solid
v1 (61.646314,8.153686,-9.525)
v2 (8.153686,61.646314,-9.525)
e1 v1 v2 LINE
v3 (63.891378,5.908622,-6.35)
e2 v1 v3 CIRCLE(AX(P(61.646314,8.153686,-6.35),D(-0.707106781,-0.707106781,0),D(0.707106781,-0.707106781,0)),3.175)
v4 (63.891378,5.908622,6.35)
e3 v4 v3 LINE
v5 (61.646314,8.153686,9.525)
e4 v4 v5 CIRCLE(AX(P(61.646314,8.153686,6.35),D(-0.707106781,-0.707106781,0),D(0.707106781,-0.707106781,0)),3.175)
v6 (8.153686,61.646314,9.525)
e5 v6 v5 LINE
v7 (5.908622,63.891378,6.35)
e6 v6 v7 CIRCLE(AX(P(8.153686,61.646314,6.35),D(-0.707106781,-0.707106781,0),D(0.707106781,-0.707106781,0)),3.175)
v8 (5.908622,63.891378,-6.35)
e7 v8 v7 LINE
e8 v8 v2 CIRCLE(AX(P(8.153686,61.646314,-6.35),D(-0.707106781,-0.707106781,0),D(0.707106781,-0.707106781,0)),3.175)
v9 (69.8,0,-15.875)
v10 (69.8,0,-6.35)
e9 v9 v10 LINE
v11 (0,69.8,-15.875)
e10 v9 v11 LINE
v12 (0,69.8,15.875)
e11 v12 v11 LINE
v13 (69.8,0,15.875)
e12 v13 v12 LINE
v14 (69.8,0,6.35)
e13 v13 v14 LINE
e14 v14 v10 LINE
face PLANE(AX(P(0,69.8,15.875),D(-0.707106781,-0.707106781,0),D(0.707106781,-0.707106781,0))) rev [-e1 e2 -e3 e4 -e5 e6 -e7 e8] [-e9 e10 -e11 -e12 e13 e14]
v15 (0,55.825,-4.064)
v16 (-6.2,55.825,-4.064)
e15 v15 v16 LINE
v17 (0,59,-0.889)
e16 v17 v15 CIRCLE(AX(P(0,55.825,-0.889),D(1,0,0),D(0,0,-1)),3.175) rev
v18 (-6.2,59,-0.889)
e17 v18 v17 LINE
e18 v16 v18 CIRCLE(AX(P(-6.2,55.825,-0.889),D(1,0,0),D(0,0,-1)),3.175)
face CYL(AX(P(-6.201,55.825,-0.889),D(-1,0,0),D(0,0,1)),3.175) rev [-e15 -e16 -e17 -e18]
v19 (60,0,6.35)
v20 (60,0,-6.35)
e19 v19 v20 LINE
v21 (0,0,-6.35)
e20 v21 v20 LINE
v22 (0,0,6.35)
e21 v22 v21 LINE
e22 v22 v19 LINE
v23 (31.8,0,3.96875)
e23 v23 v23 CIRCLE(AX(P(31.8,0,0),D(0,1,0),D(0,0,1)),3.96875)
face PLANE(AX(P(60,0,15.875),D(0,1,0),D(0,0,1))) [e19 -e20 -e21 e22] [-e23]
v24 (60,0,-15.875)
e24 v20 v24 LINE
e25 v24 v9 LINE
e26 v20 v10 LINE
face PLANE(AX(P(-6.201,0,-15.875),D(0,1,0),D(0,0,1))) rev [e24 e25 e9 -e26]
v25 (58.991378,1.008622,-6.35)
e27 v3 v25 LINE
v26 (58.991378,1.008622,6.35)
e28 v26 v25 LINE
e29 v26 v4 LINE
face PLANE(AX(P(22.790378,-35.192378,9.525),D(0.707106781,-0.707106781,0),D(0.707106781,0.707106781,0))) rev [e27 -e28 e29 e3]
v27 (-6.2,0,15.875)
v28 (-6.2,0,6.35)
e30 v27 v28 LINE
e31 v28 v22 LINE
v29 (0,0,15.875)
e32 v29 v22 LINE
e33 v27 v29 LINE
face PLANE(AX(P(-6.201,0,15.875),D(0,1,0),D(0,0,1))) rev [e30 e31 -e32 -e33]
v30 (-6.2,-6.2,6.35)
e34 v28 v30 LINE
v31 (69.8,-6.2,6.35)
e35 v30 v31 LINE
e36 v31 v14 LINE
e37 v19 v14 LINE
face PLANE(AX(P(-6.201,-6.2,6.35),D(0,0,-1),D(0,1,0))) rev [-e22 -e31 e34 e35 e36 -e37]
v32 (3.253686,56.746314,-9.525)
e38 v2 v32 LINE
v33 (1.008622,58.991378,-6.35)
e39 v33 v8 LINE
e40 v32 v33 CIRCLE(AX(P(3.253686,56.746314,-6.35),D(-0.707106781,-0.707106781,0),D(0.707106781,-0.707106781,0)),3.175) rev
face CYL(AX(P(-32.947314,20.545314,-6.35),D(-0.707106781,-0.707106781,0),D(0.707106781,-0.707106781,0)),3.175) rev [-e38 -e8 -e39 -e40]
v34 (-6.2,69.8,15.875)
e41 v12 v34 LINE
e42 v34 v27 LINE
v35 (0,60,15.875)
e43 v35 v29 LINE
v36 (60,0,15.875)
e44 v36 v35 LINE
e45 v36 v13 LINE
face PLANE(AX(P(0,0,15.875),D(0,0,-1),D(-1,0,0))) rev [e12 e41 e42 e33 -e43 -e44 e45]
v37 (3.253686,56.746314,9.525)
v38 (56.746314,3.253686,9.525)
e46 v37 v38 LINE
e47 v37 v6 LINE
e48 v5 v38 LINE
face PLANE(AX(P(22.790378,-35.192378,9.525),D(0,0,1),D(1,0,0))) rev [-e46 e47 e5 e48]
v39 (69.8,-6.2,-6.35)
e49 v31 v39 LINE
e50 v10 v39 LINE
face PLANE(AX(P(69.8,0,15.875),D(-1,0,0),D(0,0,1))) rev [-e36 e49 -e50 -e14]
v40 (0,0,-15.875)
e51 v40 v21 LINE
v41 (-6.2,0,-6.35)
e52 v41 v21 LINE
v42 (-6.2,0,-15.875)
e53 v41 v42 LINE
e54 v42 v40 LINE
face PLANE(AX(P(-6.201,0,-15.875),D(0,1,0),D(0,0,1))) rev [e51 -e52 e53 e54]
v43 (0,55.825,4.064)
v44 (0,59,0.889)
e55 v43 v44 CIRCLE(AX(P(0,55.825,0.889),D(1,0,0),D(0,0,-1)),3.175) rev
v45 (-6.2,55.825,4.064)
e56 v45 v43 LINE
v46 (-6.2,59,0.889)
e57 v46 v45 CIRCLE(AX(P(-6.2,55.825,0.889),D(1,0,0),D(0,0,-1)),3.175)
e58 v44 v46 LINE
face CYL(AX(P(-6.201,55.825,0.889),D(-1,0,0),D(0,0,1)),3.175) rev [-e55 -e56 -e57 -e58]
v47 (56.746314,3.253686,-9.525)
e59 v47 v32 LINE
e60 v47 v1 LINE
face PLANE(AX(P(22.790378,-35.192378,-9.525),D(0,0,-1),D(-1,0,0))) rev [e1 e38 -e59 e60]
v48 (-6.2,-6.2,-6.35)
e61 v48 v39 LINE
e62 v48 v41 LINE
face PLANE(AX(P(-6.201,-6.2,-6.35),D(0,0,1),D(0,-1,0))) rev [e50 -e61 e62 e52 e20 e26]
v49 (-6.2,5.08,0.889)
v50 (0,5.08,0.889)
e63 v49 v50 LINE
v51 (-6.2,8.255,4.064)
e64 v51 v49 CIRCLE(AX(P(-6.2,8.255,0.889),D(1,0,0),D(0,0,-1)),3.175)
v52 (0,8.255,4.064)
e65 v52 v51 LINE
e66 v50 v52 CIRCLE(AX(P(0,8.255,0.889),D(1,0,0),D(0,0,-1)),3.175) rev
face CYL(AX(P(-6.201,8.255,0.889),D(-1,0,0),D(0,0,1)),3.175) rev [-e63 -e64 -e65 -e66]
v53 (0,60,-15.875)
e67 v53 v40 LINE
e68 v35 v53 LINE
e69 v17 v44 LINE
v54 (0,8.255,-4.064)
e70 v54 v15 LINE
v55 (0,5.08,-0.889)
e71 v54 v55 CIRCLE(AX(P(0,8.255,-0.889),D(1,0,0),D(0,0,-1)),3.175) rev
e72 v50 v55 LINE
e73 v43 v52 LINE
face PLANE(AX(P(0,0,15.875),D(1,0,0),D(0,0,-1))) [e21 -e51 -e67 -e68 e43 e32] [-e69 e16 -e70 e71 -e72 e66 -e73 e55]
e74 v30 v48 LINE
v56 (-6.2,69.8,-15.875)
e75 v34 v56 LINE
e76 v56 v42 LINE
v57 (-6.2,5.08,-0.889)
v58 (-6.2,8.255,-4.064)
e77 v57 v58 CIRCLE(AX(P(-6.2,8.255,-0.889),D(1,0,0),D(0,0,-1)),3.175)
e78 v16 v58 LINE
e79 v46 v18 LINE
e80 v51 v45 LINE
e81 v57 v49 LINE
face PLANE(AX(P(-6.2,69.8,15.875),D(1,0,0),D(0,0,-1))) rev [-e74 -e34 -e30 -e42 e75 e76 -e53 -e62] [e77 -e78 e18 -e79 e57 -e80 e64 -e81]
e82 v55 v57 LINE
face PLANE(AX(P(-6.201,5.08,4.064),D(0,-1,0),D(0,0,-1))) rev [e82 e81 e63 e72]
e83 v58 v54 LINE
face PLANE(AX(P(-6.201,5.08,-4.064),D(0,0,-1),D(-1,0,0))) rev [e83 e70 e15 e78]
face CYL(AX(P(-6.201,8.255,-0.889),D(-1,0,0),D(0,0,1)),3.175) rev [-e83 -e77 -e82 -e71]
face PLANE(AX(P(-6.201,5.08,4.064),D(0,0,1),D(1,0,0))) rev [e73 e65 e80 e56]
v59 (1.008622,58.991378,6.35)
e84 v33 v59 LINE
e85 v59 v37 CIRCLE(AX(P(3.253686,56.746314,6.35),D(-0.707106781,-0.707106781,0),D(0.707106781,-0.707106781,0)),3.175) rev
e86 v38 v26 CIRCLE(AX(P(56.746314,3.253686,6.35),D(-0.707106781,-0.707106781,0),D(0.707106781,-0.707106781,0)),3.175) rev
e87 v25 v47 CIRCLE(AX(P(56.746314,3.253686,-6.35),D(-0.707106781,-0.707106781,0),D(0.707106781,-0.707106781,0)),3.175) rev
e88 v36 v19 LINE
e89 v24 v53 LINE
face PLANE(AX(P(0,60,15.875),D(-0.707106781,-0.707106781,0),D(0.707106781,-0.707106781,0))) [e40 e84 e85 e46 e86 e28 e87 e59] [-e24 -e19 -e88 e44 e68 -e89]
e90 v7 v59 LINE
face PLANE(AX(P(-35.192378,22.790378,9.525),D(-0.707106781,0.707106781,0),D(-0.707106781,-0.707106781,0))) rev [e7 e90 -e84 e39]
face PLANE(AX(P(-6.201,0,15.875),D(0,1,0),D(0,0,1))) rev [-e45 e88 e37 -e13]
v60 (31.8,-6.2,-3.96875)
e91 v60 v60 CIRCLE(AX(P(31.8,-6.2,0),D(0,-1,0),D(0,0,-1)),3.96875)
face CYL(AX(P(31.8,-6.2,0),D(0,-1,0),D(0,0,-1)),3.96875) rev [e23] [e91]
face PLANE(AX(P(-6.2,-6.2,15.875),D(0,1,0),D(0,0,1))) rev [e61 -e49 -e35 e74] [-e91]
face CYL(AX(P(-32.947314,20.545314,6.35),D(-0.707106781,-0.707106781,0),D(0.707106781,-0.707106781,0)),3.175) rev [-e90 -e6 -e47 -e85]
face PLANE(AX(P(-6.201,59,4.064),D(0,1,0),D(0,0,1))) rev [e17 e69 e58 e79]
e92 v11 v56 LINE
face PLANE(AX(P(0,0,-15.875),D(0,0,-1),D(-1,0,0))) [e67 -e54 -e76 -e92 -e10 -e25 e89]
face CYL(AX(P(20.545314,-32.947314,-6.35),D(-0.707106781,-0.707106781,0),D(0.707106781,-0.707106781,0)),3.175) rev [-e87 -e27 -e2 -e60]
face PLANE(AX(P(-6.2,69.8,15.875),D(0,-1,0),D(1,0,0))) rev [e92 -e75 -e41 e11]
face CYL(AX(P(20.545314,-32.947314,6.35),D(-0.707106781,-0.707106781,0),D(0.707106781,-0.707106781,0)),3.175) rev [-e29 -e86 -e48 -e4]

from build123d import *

# Parameters (mm, degrees)
BOSS_EXTRUDE1_DEPTH            = 15.875
CUT_EXTRUDE1_REACH             = 62.253
SKETCH2_W                      = 19.05
SKETCH2_H                      = 82
CUT_EXTRUDE2_REACH             = 101.98
SKETCH3_W                      = 8.128
SKETCH3_H                      = 53.92
CUT_EXTRUDE3_REACH             = 106.403
SKETCH4_W                      = 9.525
SKETCH4_H                      = 6.2
F_5_16_0_3125_DIAMETER_HOLE1_D = 7.9375
FILLET1_R                      = 3.175
FILLET2_R                      = 3.175


with BuildPart() as part:
    # Sketch1 → Boss-Extrude1 (new, symmetric)
    with BuildSketch(Plane.XY):
        Polygon((-6.2, 69.8), (-6.2, -6.2), (69.8, -6.2), (69.8, 0), (0, 69.8), align=None)
        Polygon((0, 60), (60, 0), (0, 0), align=None, mode=Mode.SUBTRACT)
    extrude(amount=BOSS_EXTRUDE1_DEPTH, both=True)

    # Sketch2 → Cut-Extrude1 (cut, up to next)
    with BuildSketch(Plane(origin=(34.9, 34.9, 0), x_dir=(0, 0, -1), z_dir=(0.7071067811865475, 0.7071067811865476, 0)), mode=Mode.PRIVATE) as cut_extrude1_sk1:
        Rectangle(SKETCH2_W, SKETCH2_H)
    cut_extrude1_tool1 = extrude(cut_extrude1_sk1.sketch, amount=-CUT_EXTRUDE1_REACH, mode=Mode.PRIVATE) & part.part
    add(cut_extrude1_tool1.solids().sort_by_distance((34.9, 34.9, 0))[0], mode=Mode.SUBTRACT)

    # Sketch3 → Cut-Extrude2 (cut, up to next)
    with BuildSketch(Plane(origin=(0, 0, 0), x_dir=(0, 0, -1), z_dir=(1, 0, 0)), mode=Mode.PRIVATE) as cut_extrude2_sk1:
        with Locations((0, 32.04)):
            Rectangle(SKETCH3_W, SKETCH3_H)
    cut_extrude2_tool1 = extrude(cut_extrude2_sk1.sketch, amount=-CUT_EXTRUDE2_REACH, mode=Mode.PRIVATE) & part.part
    add(cut_extrude2_tool1.solids().sort_by_distance((0, 32.04, 0))[0], mode=Mode.SUBTRACT)

    # Sketch4 → Cut-Extrude3 (cut, up to next)
    with BuildSketch(Plane(origin=(69.8, 0, 0), x_dir=(0, 0, -1), z_dir=(1, 0, 0)), mode=Mode.PRIVATE) as cut_extrude3_sk1:
        with Locations((-11.1125, -3.1)):
            Rectangle(SKETCH4_W, SKETCH4_H)
    cut_extrude3_tool1 = extrude(cut_extrude3_sk1.sketch, amount=-CUT_EXTRUDE3_REACH, mode=Mode.PRIVATE) & part.part
    # Sketch4 → Cut-Extrude3 (cut, up to next)
    with BuildSketch(Plane(origin=(69.8, 0, 0), x_dir=(0, 0, -1), z_dir=(1, 0, 0)), mode=Mode.PRIVATE) as cut_extrude3_sk2:
        with Locations((11.1125, -3.1)):
            Rectangle(SKETCH4_W, SKETCH4_H)
    cut_extrude3_tool2 = extrude(cut_extrude3_sk2.sketch, amount=-CUT_EXTRUDE3_REACH, mode=Mode.PRIVATE) & part.part
    add(cut_extrude3_tool1.solids().sort_by_distance((69.8, -3.1, 11.1125))[0], mode=Mode.SUBTRACT)
    add(cut_extrude3_tool2.solids().sort_by_distance((69.8, -3.1, -11.1125))[0], mode=Mode.SUBTRACT)

    # 5/16 (0.3125) Diameter Hole1 (through all)
    with Locations(Plane(origin=(0, -6.2, 0), x_dir=(-1, 0, 0), z_dir=(0, -1, 0))):
        with Locations((-31.8, 0)):
            Hole(F_5_16_0_3125_DIAMETER_HOLE1_D / 2)

    # Fillet1
    fillet1_edges = [part.edges().sort_by_distance(p)[0] for p in [
        (3.458621971, 61.441378029, 9.525),
        (61.441378029, 3.458621971, 9.525),
        (61.441378029, 3.458621971, -9.525),
        (3.458621971, 61.441378029, -9.525),
    ]]
    fillet(fillet1_edges, radius=FILLET1_R)

    # Fillet2
    fillet2_edges = [part.edges().sort_by_distance(p)[0] for p in [
        (-3.1, 59, -4.064),
        (-3.1, 5.08, -4.064),
        (-3.1, 5.08, 4.064),
        (-3.1, 59, 4.064),
    ]]
    fillet(fillet2_edges, radius=FILLET2_R)


solid = part.part
